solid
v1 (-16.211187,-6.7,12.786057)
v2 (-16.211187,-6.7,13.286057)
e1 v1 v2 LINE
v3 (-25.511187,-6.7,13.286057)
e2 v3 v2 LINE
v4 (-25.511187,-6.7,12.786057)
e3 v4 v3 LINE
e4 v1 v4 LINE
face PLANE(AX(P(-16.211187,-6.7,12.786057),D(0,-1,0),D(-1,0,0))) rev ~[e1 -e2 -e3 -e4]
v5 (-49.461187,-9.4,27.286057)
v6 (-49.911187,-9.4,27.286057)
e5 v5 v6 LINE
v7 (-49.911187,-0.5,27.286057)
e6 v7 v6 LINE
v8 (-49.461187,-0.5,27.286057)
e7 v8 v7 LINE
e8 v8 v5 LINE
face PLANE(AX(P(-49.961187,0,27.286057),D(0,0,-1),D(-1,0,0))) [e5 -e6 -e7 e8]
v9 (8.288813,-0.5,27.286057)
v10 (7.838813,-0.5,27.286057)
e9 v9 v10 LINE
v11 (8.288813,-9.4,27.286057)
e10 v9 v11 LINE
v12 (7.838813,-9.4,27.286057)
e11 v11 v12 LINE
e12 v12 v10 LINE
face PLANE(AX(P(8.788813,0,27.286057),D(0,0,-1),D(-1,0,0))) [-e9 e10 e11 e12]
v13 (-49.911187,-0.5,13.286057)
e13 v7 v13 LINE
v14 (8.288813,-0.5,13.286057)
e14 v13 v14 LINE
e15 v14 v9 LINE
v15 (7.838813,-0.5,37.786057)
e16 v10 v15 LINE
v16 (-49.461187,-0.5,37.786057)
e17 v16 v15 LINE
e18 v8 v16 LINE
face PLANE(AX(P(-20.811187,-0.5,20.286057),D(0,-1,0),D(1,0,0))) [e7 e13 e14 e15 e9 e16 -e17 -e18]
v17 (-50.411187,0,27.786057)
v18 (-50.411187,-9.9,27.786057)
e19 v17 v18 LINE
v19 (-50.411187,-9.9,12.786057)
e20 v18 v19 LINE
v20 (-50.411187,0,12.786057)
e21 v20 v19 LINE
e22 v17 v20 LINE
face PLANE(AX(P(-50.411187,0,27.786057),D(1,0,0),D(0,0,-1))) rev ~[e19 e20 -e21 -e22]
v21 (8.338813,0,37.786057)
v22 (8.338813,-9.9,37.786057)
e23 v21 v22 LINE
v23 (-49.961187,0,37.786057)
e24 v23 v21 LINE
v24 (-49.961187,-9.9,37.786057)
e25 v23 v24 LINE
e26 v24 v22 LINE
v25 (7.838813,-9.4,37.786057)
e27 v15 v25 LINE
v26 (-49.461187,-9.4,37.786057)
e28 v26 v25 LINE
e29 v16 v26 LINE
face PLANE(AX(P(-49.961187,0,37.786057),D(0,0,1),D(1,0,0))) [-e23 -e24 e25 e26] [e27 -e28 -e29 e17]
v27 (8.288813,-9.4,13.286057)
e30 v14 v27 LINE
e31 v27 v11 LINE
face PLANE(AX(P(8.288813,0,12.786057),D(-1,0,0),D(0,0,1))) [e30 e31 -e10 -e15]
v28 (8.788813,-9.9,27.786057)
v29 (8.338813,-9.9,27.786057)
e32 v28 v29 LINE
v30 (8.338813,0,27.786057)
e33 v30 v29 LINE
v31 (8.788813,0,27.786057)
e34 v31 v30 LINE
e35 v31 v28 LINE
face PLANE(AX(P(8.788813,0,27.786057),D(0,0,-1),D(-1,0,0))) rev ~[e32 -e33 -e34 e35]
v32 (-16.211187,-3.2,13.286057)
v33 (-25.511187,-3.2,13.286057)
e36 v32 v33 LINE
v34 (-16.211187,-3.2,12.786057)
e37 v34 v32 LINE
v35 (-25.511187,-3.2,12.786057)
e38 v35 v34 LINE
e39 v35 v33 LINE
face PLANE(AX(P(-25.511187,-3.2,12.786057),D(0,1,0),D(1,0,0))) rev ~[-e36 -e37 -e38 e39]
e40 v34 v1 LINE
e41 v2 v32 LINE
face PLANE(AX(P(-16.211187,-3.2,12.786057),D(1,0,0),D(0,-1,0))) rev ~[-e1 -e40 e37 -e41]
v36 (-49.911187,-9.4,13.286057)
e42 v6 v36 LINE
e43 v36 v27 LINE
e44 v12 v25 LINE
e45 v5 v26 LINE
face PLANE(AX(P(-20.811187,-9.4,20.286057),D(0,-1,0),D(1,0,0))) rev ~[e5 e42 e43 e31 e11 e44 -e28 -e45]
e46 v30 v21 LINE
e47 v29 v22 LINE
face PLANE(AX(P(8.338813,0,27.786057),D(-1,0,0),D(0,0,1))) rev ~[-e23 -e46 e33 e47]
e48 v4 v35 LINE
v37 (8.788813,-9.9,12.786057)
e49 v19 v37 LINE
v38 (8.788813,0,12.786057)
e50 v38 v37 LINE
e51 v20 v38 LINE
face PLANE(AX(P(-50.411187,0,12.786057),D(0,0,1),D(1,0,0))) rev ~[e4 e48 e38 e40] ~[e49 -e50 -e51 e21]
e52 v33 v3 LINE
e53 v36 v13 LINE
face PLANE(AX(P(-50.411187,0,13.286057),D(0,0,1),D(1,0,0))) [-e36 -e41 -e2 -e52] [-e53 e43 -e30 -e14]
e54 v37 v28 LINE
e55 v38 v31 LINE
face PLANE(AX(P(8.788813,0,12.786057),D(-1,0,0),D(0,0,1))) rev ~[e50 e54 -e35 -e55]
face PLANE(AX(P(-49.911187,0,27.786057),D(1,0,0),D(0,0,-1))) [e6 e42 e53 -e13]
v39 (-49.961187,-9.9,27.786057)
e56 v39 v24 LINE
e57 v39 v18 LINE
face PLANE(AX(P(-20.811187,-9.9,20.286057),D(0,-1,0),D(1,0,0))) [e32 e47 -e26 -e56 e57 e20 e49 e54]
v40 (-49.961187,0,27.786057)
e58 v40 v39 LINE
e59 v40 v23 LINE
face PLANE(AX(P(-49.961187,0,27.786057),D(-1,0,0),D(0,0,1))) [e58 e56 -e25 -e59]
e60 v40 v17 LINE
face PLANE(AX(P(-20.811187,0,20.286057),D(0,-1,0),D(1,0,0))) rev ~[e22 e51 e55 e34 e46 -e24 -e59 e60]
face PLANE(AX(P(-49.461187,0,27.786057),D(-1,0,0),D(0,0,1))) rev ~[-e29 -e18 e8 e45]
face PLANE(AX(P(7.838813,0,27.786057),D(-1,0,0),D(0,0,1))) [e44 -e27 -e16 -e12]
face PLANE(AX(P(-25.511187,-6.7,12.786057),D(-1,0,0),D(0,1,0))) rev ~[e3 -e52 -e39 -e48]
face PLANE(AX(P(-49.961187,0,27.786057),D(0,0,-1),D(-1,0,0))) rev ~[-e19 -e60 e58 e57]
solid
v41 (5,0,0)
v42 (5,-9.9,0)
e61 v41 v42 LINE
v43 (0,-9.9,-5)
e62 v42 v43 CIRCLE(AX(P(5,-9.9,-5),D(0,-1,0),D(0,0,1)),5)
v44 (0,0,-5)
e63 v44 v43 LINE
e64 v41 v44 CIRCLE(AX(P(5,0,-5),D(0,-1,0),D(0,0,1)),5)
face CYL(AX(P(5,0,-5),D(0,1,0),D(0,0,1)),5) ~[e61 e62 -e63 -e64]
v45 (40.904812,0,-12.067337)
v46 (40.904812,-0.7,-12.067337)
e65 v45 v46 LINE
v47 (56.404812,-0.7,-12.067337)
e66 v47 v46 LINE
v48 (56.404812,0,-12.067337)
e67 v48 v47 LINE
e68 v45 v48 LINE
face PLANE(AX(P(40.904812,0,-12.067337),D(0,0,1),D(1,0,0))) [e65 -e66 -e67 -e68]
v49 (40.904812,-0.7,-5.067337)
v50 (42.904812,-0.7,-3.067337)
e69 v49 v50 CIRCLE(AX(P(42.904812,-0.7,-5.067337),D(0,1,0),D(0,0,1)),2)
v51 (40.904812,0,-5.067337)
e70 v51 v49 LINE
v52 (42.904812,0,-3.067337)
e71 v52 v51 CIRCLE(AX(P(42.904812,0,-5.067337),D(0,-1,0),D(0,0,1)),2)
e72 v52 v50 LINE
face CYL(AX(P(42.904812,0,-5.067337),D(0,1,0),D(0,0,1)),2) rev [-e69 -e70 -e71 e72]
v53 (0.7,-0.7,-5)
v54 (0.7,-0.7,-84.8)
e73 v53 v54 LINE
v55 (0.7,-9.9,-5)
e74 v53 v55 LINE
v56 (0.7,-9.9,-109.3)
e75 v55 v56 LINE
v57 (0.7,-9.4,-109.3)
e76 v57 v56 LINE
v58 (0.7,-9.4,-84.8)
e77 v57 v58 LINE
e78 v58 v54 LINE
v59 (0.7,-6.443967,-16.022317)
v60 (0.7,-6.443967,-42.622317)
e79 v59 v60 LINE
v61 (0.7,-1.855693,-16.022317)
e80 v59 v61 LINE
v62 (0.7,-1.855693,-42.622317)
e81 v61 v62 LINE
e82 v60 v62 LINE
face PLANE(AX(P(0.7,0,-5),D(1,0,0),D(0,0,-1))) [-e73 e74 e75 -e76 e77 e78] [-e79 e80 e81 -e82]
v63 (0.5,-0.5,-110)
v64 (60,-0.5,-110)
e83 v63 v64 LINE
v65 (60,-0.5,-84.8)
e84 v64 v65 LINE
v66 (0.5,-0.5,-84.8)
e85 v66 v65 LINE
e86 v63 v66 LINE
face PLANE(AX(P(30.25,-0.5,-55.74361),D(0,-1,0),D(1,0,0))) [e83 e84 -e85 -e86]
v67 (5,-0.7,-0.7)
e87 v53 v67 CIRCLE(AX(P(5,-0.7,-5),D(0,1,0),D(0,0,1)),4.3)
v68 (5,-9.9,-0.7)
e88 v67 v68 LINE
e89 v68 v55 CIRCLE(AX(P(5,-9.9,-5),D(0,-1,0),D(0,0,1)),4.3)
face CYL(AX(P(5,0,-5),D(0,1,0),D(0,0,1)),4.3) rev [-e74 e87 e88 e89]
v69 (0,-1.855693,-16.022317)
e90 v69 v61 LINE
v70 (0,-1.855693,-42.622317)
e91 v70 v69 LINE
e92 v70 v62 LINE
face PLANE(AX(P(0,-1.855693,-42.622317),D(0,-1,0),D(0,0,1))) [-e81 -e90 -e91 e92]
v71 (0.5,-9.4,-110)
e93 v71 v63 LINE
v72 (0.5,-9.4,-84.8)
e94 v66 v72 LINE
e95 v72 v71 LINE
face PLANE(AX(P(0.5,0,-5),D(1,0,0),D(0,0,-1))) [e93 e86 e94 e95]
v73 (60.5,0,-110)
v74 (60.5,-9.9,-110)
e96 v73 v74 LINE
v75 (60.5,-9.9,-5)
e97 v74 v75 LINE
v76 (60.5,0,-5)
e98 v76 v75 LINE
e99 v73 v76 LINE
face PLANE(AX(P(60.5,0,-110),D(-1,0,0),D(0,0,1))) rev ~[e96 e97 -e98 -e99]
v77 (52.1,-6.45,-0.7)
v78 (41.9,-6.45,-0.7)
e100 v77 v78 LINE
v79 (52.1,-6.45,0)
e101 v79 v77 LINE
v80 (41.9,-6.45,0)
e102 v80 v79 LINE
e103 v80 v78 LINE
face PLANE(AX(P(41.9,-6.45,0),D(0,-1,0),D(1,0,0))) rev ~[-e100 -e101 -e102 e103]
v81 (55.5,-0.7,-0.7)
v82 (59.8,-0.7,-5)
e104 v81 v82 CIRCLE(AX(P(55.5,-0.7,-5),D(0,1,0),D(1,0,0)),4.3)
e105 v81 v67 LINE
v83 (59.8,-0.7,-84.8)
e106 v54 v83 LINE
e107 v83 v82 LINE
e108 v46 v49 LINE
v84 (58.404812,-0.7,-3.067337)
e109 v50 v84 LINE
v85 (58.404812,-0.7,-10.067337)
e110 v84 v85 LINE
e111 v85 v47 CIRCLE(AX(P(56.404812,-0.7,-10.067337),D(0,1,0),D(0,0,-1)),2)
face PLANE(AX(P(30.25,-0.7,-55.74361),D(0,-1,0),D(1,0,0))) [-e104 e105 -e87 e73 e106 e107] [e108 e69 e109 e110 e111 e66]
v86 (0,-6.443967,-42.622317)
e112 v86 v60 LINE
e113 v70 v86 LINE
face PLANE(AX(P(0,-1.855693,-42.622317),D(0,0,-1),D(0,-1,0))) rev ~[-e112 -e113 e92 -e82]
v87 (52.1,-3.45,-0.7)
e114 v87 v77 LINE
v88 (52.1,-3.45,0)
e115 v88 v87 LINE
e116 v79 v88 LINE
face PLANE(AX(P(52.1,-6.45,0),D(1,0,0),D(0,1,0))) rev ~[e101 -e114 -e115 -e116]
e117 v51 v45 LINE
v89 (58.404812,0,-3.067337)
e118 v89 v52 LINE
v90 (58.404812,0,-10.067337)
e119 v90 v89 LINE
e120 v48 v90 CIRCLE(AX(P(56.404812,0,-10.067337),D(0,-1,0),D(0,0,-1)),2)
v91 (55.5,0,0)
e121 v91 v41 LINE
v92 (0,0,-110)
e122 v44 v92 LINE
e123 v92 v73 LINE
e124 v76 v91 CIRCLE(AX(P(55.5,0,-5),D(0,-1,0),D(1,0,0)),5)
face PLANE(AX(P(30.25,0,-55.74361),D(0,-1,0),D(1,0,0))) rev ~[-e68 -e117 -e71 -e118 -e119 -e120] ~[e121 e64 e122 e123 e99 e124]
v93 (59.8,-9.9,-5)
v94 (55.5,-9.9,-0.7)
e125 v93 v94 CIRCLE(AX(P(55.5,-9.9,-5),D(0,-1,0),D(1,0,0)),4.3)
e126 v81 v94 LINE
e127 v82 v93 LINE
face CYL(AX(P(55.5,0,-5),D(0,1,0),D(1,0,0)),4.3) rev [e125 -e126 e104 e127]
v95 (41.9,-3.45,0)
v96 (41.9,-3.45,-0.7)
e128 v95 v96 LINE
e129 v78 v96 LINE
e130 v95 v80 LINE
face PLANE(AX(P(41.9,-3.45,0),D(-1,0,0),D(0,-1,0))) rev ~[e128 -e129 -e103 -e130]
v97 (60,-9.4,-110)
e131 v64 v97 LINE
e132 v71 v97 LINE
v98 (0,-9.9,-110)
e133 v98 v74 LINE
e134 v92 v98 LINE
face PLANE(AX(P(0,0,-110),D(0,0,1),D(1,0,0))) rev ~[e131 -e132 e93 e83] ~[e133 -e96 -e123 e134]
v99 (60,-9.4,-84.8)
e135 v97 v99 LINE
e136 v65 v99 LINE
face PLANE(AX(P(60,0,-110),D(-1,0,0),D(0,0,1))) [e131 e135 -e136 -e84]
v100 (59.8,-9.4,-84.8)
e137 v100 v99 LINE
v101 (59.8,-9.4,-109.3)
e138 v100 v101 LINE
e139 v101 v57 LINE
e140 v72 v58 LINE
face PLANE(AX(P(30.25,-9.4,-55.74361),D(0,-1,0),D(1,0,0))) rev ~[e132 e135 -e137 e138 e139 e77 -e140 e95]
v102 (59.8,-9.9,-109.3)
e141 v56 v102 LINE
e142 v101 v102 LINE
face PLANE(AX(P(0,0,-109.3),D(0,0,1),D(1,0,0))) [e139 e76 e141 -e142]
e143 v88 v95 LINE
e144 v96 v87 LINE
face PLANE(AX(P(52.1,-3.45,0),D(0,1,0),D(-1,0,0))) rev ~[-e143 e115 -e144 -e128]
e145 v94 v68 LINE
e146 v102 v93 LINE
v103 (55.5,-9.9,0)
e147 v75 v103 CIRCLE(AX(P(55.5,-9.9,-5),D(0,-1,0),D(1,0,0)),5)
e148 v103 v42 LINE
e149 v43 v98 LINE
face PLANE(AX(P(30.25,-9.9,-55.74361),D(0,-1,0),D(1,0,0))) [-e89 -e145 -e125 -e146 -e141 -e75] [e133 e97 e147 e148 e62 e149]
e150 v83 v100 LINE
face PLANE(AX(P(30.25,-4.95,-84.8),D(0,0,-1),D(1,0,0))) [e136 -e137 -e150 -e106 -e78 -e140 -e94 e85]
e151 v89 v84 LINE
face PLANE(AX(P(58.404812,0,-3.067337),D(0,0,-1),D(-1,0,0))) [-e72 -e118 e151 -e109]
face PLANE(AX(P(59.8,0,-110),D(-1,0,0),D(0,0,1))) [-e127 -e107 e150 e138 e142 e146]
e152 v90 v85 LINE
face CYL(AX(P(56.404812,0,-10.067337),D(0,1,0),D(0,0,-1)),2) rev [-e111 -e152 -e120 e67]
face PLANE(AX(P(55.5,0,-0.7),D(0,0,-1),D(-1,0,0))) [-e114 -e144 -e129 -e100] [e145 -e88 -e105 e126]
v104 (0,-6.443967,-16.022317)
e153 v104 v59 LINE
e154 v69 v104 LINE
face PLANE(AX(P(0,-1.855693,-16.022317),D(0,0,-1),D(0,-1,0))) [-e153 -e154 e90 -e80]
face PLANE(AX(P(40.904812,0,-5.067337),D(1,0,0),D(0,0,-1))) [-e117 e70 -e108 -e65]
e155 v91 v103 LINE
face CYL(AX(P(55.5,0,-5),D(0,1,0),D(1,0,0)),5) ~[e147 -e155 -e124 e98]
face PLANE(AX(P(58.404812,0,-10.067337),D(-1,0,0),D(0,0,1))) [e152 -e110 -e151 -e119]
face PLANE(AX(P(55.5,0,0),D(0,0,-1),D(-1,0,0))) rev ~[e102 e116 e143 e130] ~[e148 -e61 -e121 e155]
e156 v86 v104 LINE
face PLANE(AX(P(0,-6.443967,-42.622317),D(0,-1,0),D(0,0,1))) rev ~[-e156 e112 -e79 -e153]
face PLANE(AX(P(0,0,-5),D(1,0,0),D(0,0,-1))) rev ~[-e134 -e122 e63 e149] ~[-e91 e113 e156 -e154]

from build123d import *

# Parameters (mm, degrees)
F2_DEPTH  = 9.9
F3_T      = -0.7
F4_T      = -0.5
F5_DEPTH  = 25
F6_W      = 4.588274518
F6_H      = 26.6
F7_DEPTH  = 25
F8_W      = 59.5
F8_H      = 8.9
F9_DEPTH  = 25
F11_DEPTH = 25
F12_W     = 58.3
F12_H     = 10
F13_DEPTH = 9.9
F14_T     = -0.5
F16_DEPTH = 25


with BuildPart() as f2:
    # F0 (on Front) → F2 (new body)
    with BuildSketch(Plane.XZ):
        with BuildLine():
            Line((55.5, 0), (5, 0))
            ThreePointArc((5, 0), (1.4644660941, -1.4644660941), (0, -5))
            Line((0, -5), (0, -110))
            Line((0, -110), (60.5, -110))
            Line((60.5, -110), (60.5, -5))
            ThreePointArc((60.5, -5), (59.0355339059, -1.4644660941), (55.5, 0))
        make_face()
    extrude(amount=F2_DEPTH)

    # F3
    f3_openings = [f2.faces().sort_by_distance(p)[0] for p in [
        (30.25, -9.9, -55.087018),
    ]]
    offset(amount=F3_T, openings=f3_openings)

    # F4
    f4_openings = [f2.faces().sort_by_distance(p)[0] for p in [
        (30.25, -4.95, -110),
    ]]
    offset(amount=F4_T, openings=f4_openings, kind=Kind.INTERSECTION)

    # F1 (on Front) → F5 (cut)
    with BuildSketch(Plane.XZ):
        with BuildLine():
            Line((58.4048116207, -10.0673367828), (58.4048116207, -3.0673367828))
            Line((58.4048116207, -3.0673367828), (42.9048116207, -3.0673367828))
            ThreePointArc((42.9048116207, -3.0673367828), (41.4905980583, -3.6531232204), (40.9048116207, -5.0673367828))
            Line((40.9048116207, -5.0673367828), (40.9048116207, -12.0673367828))
            Line((40.9048116207, -12.0673367828), (56.4048116207, -12.0673367828))
            ThreePointArc((56.4048116207, -12.0673367828), (57.8190251831, -11.4815503452), (58.4048116207, -10.0673367828))
        make_face()
    extrude(amount=F5_DEPTH, mode=Mode.SUBTRACT)

    # F6 (on face) → F7 (cut)
    with BuildSketch(Plane(origin=(0, 0, 0), x_dir=(0, -1, 0), z_dir=(-1, 0, 0))):
        with Locations((4.1498298524, -29.3223166287)):
            Rectangle(F6_W, F6_H)
    extrude(amount=-F7_DEPTH, mode=Mode.SUBTRACT)

    # F8 (on face) → F9 (cut)
    with BuildSketch(Plane(origin=(0, 0, -109.8), x_dir=(1, 0, 0), z_dir=(0, 0, -1))):
        with Locations((30.25, 4.95)):
            Rectangle(F8_W, F8_H)
    extrude(amount=-F9_DEPTH, mode=Mode.SUBTRACT)

    # F10 (on face) → F11 (cut)
    with BuildSketch(Plane.XY):
        Polygon((52.1, -6.45), (52.1, -4.95), (52.1, -3.45), (41.9, -3.45), (41.9, -6.45), align=None)
    extrude(amount=-F11_DEPTH, mode=Mode.SUBTRACT)


with BuildPart() as f13:
    # F12 (on Front) → F13 (new body)
    with BuildSketch(Plane.XZ):
        Polygon((-50.4111871123, 12.7860568464), (8.7888128877, 12.7860568464), (8.7888128877, 27.7860568464), (8.3388128877, 27.7860568464), (-49.9611871123, 27.7860568464), (-50.4111871123, 27.7860568464), align=None)
        with Locations((-20.8111871123, 32.7860568464)):
            Rectangle(F12_W, F12_H)
    extrude(amount=F13_DEPTH)

    # F14
    f14_openings = [f13.faces().sort_by_distance(p)[0] for p in [
        (-20.811187, -4.95, 37.786057),
    ]]
    offset(amount=F14_T, openings=f14_openings, kind=Kind.INTERSECTION)

    # F15 (on face) → F16 (cut)
    with BuildSketch(Plane(origin=(0, 0, 12.7860568464), x_dir=(1, 0, 0), z_dir=(0, 0, -1))):
        Polygon((-25.5111871123, 6.7), (-25.5111871123, 5), (-25.5111871123, 3.2), (-16.2111871123, 3.2), (-16.2111871123, 4.9), (-16.2111871123, 6.7), align=None)
    extrude(amount=-F16_DEPTH, mode=Mode.SUBTRACT)


solid = Compound([f2.part, f13.part])
